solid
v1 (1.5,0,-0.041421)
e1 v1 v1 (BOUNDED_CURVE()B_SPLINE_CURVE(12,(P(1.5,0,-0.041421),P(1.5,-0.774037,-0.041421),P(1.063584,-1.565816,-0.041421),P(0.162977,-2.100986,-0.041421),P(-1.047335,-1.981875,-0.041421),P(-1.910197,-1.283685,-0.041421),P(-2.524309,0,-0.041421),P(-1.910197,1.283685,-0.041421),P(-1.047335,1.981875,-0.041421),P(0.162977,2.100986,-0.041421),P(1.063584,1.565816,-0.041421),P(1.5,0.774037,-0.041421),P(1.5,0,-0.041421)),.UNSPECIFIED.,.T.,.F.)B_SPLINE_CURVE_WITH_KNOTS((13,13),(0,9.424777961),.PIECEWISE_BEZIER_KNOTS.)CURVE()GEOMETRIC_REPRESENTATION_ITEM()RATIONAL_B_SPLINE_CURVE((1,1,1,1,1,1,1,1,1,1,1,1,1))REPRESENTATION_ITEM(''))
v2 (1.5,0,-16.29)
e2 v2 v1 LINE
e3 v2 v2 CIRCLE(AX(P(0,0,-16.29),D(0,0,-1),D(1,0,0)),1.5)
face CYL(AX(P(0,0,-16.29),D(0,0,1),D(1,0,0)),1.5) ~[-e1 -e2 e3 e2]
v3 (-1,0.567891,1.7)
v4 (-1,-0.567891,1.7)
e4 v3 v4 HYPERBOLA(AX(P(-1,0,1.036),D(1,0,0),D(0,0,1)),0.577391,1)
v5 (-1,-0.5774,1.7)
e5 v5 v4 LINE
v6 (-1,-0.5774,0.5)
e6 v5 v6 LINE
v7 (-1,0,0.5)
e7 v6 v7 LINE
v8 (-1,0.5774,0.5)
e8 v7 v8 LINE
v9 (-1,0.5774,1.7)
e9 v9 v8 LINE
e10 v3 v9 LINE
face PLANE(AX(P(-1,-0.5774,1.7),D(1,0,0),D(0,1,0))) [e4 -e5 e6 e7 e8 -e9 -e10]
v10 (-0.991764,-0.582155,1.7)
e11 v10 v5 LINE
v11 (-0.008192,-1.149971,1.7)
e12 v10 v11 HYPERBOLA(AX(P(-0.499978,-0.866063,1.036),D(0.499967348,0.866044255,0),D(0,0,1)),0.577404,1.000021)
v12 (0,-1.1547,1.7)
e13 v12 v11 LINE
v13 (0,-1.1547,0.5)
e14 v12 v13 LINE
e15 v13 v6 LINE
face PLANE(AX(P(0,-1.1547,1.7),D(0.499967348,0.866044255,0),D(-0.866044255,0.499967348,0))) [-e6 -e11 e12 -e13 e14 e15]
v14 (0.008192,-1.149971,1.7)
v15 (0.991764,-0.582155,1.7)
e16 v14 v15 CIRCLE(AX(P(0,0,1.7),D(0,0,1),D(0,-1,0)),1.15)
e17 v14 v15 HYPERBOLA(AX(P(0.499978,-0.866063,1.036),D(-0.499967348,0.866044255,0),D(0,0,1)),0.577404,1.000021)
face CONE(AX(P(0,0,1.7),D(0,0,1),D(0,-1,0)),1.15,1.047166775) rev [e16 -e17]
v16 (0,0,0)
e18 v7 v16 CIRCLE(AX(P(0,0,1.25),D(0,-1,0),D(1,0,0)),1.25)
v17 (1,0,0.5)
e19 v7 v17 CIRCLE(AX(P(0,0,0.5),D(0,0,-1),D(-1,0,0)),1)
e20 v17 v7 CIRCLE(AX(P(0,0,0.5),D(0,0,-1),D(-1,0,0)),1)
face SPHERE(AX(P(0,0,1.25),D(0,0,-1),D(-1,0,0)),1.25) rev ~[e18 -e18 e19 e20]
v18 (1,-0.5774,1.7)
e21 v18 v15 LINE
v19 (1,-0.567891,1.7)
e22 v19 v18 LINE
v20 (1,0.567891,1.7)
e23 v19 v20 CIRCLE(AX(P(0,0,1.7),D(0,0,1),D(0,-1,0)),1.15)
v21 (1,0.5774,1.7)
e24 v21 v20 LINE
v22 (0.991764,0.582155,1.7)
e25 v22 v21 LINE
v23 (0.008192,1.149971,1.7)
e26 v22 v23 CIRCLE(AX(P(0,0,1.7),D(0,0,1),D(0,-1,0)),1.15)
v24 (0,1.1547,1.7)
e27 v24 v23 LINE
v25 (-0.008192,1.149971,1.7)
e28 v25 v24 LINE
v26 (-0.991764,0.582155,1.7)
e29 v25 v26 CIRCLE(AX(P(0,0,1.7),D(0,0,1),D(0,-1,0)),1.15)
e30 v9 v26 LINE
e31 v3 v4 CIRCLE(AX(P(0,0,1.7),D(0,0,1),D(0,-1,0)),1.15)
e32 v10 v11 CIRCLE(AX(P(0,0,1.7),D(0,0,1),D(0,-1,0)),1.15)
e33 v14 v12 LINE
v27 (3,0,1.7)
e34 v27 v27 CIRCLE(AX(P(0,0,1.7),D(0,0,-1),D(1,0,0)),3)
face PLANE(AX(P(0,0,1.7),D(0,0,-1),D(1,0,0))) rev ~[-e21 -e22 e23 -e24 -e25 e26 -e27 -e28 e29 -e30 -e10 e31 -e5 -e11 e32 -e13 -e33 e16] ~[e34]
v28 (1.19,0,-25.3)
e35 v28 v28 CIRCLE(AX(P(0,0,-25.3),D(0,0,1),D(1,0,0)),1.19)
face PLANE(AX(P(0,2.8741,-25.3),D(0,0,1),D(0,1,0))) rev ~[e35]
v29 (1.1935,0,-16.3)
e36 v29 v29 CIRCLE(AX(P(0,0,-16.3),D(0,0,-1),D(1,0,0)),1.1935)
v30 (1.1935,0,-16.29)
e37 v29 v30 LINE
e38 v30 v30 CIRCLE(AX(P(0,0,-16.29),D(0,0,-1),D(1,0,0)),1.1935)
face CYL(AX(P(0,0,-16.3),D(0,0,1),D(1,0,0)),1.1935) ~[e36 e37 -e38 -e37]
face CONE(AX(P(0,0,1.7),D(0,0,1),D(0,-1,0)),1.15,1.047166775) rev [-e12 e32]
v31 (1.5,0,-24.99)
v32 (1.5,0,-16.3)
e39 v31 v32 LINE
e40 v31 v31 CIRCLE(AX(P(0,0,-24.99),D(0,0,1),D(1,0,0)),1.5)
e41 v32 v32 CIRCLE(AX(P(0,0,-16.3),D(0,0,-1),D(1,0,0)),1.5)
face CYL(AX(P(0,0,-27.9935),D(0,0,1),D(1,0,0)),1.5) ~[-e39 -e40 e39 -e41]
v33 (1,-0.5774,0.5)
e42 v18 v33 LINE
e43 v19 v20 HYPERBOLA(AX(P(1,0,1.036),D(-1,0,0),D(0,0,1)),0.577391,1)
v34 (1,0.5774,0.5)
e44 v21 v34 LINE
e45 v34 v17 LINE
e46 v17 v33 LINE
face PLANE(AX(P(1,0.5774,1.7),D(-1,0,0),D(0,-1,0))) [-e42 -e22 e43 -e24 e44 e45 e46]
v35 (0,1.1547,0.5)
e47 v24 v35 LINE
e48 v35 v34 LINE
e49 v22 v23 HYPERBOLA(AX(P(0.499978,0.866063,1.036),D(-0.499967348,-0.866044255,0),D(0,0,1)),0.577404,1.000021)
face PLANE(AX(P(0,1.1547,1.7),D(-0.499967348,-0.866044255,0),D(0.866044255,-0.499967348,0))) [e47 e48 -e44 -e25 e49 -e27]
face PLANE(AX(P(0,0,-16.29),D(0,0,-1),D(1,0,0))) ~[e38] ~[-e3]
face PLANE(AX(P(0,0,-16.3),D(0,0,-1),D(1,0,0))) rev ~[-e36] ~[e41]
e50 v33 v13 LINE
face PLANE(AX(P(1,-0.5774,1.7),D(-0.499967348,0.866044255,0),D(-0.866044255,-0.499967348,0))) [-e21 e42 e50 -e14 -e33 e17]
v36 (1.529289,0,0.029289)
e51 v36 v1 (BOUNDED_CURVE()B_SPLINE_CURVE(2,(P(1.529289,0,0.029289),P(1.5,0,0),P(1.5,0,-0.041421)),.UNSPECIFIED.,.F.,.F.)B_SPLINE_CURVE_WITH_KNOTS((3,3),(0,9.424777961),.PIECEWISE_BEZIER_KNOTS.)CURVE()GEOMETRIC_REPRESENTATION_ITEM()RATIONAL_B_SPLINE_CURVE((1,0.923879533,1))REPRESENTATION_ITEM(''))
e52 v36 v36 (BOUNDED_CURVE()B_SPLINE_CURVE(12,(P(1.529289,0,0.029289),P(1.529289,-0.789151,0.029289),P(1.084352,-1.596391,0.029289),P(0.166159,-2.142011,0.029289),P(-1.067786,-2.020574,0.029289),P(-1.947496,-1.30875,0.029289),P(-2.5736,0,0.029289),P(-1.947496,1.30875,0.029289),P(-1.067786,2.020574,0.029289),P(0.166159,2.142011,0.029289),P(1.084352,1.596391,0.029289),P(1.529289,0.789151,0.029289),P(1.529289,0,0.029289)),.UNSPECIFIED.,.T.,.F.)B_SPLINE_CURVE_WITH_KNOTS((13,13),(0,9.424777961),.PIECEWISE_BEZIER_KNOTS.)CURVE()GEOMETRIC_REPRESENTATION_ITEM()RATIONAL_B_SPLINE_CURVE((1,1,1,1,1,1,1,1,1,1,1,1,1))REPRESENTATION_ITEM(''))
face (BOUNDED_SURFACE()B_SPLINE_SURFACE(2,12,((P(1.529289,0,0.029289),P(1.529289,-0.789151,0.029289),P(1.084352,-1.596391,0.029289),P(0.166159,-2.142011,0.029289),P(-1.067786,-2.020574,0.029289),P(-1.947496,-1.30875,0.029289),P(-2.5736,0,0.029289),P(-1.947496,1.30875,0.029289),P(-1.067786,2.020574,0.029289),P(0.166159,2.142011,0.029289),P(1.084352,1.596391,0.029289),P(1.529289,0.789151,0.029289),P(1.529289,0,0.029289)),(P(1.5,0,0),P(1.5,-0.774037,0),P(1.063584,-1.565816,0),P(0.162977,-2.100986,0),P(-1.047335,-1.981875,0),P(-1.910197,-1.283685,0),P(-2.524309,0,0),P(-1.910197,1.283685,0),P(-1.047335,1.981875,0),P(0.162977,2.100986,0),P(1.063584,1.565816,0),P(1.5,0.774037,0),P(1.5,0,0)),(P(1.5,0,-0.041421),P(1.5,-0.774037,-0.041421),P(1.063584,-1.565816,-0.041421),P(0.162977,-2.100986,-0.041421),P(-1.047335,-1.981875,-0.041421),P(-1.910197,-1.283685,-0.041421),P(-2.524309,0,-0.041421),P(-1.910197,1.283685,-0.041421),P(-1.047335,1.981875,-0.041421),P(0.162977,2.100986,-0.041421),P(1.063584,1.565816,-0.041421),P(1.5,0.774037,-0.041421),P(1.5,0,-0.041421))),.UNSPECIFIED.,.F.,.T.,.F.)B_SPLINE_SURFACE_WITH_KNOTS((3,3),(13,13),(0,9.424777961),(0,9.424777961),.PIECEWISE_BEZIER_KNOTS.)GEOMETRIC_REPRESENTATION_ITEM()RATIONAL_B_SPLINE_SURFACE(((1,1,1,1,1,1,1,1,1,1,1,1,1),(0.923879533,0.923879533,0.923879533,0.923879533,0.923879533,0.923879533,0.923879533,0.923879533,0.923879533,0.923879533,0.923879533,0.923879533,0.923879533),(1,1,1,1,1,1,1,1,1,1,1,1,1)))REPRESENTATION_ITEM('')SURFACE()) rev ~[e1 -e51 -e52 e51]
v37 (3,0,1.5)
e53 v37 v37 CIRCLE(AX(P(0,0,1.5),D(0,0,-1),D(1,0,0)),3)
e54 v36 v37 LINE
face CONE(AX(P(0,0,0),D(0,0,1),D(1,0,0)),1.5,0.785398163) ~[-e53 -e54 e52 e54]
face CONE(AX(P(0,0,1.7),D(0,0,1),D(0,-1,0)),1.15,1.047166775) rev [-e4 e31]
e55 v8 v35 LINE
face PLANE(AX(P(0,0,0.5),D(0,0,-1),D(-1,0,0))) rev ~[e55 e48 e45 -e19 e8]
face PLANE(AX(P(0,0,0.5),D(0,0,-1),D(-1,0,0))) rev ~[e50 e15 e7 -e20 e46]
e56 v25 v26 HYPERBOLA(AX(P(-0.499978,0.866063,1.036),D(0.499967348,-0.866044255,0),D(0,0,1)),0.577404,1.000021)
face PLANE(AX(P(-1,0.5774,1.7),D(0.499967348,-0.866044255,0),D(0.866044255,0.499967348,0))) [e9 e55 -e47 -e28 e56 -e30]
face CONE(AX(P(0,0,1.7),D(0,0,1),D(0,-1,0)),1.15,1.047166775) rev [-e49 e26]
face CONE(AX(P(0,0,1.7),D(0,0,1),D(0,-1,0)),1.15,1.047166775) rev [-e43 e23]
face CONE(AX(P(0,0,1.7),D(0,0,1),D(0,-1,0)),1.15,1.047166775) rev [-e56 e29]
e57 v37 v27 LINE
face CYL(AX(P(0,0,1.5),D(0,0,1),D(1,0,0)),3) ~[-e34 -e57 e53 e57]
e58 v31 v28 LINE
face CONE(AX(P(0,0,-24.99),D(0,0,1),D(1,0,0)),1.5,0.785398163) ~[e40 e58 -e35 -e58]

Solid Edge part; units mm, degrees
sketch "Sketch1" plane through (0, 0, 0) normal (0, -1, 0) x (1, 0, 0)
  line L0 (1.5, 0) -> (3, 1.5)
  line L1 (3, 1.5) -> (3, 1.7)
  line L2 (3, 1.7) -> (0, 1.7)
  line L3 (0, 1.7) -> (0, -28.3)
  line L4 (0, -28.3) -> (1.1935, -28.3)
  line L5 (1.1935, -28.3) -> (1.5, -27.9935)
  line L6 (1.5, -27.9935) -> (1.5, -16.3)
  line L7 (1.5, -16.3) -> (1.1935, -16.3)
  line L8 (1.1935, -16.3) -> (1.1935, -16.29)
  line L9 (1.1935, -16.29) -> (1.5, -16.29)
  line L10 (1.5, -16.29) -> (1.5, 0)
  dimension "D1" = 3
  dimension "D2" = 1.7
  dimension "D3" = 0.01
  dimension "D4" = 1.1935
  dimension "D5" = 18
  dimension "D6" = 0.2
revolve "RevolvedProtrusion1" add sketch "Sketch1" angle 360 about axis through (0, 0, 54) along (0, 0, -1)
sketch "Sketch2" plane through (0, 0, 0) normal (0, -1, 0) x (1, 0, 0)
  arc A0 (-1, 0.5) -> (0, 0) centre (0, 1.25) ccw
  line L0 (0, 0.5) -> (0, 0)
  line L1 (-1, 0.5) -> (0, 0.5)
  dimension "D1" = 28.8
revolve "RevolvedCutout1" cut sketch "Sketch2" angle 360 about axis through (0, 0, 54) along (0, 0, -1)
sketch "Sketch3" plane through (0, 0, 1.7) normal (0, 0, 1) x (0, -1, 0)
  line L0 (-1.1547, 0) -> (-0.5774, 1)
  line L1 (-0.5774, 1) -> (0.5774, 1)
  line L2 (0.5774, 1) -> (1.1547, 0)
  line L3 (1.1547, 0) -> (0.5774, -1)
  line L4 (0.5774, -1) -> (-0.5774, -1)
  line L5 (-0.5774, -1) -> (-1.1547, 0)
  dimension "D1" = 2
extrude "Cutout1" cut sketch "Sketch3" against normal blind 1.2
cosmetic_thread "Thread1" size "M3"
sketch "Sketch4" plane through (0, 0, 0) normal (1, 0, 0) x (0, 1, 0)
  line L0 (-1.15, 1.7) -> (0, 1.036)
revolve "RevolvedCutout2" cut sketch "Sketch4" angle 360 about axis through (0, 0, -57) along (0, 0, 1) material side at (0, -0.55, 1.4113)
fillet "Round1" radius 0.1 1 edges at (-1.5, 0, 0)
sketch "Sketch5" plane through (0, 0, 0) normal (1, 0, 0) x (0, 1, 0)
  line L0 (-2.6438, -25.3) -> (2.8741, -25.3)
  dimension "D1" = 3
extrude "Extrusionsausschnitt_2" cut sketch "Sketch5" along normal mid plane 108.2201 material side at (0, 0.1151, -25.35)
chamfer "Fase_1" distance 0.31 angle 45 1 edges at (-1.5, 0, -25.3)
properties material "Stahl"
